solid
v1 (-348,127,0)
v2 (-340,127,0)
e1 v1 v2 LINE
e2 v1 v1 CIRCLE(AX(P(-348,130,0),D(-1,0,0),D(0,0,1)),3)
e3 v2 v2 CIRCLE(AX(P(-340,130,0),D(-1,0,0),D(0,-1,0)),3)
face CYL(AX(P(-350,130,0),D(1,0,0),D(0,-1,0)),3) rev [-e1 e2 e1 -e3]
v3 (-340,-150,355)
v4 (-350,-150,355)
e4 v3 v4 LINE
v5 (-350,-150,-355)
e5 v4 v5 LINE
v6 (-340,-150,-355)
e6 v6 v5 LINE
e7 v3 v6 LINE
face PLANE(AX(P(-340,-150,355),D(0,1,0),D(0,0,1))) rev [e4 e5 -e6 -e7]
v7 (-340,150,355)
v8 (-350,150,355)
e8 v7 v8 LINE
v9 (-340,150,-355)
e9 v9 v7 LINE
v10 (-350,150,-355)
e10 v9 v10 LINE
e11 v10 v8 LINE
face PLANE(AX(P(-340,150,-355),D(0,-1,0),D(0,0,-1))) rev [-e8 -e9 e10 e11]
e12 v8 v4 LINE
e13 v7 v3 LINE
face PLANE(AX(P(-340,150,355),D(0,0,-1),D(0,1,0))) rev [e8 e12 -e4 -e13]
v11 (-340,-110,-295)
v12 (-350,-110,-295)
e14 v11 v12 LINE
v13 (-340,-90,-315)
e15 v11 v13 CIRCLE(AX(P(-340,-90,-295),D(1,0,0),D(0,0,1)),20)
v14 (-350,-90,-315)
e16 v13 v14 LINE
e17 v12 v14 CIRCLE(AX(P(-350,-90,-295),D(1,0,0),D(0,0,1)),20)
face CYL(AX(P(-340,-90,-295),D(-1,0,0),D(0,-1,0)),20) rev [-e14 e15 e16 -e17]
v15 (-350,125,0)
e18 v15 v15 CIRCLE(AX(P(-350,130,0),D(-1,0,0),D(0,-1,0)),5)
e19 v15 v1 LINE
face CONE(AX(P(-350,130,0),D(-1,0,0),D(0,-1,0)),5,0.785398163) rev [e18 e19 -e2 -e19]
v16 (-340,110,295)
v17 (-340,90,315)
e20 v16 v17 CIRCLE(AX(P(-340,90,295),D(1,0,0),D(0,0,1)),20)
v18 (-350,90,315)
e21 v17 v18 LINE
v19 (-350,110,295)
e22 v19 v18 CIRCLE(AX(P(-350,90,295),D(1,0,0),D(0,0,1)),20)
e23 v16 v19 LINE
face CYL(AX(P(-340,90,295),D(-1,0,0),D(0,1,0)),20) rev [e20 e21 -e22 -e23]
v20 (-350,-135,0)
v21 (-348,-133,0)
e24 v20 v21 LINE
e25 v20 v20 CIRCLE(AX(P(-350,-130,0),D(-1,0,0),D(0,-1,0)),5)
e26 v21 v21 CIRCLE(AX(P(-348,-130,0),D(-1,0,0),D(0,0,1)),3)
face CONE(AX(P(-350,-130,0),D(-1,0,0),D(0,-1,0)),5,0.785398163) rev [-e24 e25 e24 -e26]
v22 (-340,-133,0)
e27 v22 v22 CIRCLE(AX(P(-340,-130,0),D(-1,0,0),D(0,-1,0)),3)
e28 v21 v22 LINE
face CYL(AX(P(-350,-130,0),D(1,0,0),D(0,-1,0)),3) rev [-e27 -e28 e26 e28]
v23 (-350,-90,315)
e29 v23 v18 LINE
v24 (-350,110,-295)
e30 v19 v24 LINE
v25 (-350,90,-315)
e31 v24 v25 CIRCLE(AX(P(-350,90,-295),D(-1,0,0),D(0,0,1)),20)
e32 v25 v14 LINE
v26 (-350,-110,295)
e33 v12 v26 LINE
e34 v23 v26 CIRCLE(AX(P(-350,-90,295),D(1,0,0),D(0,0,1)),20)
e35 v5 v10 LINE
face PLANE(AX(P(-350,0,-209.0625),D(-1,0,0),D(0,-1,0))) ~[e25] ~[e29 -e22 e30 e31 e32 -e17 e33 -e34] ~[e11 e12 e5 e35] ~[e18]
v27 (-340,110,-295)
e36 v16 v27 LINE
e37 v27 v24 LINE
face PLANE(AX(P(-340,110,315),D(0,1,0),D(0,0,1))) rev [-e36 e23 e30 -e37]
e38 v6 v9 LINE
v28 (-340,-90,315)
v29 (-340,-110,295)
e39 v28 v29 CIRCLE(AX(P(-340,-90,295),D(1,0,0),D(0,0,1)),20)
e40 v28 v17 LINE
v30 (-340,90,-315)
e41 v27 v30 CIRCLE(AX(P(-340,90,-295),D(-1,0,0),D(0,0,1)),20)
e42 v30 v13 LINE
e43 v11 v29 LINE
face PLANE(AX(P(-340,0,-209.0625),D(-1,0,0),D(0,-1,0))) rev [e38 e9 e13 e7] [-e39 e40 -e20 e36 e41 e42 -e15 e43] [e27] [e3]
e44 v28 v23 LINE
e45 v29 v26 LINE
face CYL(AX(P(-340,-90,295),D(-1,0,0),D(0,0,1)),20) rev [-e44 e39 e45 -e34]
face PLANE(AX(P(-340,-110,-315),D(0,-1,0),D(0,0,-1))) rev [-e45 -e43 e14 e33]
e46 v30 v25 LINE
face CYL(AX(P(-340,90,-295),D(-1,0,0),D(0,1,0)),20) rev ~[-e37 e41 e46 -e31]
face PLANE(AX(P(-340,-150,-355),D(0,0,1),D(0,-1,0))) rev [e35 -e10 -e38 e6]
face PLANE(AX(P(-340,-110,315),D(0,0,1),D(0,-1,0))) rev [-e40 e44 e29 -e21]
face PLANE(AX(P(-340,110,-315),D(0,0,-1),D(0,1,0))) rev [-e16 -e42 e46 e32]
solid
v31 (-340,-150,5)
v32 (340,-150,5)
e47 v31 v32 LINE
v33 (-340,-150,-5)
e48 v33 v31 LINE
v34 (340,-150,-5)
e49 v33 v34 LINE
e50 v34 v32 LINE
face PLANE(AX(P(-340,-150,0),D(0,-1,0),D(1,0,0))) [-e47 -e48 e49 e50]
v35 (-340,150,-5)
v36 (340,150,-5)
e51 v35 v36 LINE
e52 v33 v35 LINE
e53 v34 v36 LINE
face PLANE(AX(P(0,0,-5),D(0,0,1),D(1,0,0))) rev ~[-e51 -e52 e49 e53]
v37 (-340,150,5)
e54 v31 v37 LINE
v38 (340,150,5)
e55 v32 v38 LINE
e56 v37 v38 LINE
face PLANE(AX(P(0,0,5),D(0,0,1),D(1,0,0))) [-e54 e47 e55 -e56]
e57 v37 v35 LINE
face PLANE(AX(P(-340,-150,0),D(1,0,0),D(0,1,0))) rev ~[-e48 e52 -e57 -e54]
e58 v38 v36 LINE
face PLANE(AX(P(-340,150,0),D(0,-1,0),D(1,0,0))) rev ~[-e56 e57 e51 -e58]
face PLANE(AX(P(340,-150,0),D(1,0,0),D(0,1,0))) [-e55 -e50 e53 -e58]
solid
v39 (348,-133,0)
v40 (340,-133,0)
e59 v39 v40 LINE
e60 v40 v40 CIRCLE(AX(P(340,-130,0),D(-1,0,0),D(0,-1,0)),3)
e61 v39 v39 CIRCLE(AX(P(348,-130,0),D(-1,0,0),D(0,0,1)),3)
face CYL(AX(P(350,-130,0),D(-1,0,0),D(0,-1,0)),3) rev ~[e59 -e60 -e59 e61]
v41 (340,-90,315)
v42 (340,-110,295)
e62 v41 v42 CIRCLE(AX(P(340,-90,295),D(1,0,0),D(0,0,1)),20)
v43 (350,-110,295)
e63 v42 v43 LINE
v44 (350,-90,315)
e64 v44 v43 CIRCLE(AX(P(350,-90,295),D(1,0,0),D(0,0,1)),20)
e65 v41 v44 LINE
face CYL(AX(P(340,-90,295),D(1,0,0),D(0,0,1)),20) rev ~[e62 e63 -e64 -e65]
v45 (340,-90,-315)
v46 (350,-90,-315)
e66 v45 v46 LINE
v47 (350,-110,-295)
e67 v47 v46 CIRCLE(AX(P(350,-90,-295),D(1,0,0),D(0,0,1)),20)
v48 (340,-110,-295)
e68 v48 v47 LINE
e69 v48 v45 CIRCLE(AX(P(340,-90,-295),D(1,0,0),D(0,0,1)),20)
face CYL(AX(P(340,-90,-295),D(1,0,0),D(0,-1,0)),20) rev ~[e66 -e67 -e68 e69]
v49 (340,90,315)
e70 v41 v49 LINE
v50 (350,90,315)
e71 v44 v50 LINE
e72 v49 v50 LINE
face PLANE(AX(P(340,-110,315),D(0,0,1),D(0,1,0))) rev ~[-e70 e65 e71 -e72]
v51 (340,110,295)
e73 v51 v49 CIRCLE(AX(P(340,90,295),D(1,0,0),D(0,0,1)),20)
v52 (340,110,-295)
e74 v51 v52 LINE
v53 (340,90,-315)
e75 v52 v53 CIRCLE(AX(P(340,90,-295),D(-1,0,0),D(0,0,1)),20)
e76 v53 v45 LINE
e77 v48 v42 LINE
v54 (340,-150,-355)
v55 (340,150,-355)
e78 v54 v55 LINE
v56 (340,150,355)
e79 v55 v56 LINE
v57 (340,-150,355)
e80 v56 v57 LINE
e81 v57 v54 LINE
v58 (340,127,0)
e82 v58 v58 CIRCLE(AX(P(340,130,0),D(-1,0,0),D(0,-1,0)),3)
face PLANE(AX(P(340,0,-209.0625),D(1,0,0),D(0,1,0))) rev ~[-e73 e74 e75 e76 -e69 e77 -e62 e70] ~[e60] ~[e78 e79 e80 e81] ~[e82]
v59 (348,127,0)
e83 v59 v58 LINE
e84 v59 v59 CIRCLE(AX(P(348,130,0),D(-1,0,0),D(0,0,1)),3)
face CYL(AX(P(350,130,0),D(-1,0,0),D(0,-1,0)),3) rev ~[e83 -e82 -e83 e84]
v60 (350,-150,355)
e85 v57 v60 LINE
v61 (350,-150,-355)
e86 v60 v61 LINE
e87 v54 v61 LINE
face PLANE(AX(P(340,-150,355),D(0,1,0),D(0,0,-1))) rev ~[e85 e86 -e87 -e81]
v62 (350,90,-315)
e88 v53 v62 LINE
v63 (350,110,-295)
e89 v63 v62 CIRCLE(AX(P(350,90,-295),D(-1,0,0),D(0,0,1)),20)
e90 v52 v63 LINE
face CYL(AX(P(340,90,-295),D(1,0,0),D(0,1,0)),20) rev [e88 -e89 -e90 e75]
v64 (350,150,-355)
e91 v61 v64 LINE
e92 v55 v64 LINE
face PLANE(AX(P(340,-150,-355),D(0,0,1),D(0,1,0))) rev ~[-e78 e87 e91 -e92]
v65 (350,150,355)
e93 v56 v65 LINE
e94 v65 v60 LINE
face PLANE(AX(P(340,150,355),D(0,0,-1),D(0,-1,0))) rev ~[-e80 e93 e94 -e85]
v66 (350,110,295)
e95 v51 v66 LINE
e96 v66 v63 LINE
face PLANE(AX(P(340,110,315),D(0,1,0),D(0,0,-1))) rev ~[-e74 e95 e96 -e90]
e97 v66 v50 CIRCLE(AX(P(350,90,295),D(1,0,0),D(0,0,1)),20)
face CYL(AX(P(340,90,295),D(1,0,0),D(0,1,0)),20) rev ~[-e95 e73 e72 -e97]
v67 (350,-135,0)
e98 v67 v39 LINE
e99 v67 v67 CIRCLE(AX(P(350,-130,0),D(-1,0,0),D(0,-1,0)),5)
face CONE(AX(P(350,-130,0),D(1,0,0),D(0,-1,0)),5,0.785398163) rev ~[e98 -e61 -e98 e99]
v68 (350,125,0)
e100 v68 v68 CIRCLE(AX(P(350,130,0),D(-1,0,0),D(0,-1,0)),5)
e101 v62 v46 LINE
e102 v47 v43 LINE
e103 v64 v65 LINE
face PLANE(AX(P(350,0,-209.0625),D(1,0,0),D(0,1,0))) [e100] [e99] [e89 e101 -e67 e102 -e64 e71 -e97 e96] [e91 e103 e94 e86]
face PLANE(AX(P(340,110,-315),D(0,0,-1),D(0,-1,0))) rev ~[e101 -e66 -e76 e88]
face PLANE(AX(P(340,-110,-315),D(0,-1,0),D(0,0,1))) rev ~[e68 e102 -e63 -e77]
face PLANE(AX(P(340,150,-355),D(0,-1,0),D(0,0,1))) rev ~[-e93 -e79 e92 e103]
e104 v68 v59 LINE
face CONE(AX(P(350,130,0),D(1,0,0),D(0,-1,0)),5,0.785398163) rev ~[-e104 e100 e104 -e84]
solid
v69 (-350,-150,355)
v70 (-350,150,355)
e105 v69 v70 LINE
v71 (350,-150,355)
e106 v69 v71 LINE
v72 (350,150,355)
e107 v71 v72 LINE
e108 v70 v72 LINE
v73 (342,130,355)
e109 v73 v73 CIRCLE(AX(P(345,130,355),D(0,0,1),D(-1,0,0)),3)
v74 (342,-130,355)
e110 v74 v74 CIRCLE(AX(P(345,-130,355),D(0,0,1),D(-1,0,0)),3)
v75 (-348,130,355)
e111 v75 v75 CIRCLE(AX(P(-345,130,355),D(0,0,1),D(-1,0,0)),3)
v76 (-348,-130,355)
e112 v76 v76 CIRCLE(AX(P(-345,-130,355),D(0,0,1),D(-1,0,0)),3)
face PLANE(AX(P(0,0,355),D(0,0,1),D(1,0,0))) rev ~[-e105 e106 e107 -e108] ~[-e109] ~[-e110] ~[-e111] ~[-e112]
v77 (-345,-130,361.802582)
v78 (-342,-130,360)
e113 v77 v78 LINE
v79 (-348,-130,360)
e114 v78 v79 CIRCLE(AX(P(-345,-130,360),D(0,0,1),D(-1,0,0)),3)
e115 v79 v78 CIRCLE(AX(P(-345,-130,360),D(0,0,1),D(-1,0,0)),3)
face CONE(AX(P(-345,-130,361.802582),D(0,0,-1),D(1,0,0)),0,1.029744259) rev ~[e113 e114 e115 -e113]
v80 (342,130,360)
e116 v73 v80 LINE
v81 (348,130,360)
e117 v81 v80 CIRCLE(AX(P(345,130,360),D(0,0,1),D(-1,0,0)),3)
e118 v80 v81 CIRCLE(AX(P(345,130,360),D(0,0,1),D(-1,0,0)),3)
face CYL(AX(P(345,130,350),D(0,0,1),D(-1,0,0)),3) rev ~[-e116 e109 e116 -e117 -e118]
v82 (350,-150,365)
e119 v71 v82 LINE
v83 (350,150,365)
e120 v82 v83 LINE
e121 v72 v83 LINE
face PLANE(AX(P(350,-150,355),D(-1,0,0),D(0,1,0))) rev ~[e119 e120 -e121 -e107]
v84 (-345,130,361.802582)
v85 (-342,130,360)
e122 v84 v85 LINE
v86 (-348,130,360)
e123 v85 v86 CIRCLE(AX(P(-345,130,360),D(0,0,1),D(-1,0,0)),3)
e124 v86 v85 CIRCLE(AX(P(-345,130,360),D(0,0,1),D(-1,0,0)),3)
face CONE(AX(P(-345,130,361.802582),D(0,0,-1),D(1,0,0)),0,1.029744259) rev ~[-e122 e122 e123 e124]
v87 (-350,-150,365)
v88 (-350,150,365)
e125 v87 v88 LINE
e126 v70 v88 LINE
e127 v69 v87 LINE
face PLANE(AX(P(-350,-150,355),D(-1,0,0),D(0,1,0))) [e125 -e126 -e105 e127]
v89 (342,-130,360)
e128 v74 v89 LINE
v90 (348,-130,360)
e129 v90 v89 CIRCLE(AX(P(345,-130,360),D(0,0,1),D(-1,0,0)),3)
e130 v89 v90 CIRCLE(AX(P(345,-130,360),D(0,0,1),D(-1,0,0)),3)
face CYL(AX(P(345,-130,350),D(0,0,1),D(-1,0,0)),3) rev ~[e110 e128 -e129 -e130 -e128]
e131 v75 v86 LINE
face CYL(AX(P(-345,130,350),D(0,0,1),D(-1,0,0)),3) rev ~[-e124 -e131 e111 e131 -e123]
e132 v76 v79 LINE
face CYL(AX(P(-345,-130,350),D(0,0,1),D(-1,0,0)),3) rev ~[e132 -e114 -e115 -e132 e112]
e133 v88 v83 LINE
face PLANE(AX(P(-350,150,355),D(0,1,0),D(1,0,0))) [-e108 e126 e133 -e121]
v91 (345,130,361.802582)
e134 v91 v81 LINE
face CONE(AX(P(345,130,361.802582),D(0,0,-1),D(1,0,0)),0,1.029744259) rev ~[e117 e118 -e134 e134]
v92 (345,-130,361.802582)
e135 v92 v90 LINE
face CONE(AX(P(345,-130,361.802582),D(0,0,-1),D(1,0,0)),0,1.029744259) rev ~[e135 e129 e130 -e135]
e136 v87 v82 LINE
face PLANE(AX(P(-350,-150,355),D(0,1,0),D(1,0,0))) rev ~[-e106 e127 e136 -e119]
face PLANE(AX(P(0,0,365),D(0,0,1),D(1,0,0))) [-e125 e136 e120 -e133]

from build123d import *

# Parameters (mm, degrees)
F4_DEPTH       = 10
F6_D           = 6
F6_CSINK_D     = 10
F6_CSINK_ANGLE = 90
F9_W           = 700
F9_H           = 300
F10_DEPTH      = 10
F11_D          = 6
F11_DEPTH      = 5
F11_TIP        = 1.8025818571
F12_W          = 680
F12_H          = 300
F13_DEPTH      = 5
F13_DEPTH_BACK = 5
F14_R          = 20


with BuildPart() as f4:
    # F3 (on offset) → F4 (new body)
    with BuildSketch(Plane.YZ.offset(340)):
        Polygon((-150, -355), (150, -355), (150, -5), (110, -5), (110, -315), (-110, -315), (-110, -5), (-150, -5), align=None)
        Polygon((110, -5), (150, -5), (150, 355), (-150, 355), (-150, -5), (-110, -5), (-110, 315), (110, 315), align=None)
    extrude(amount=F4_DEPTH)

    # F6 (through all)
    with Locations(Plane.YZ.offset(350)):
        with Locations((-130, 0), (130, 0)):
            CounterSinkHole(F6_D / 2, F6_CSINK_D / 2, counter_sink_angle=F6_CSINK_ANGLE)

    # F14
    f14_edges = [f4.edges().sort_by_distance(p)[0] for p in [
        (345, -110, 315),
        (345, 110, 315),
        (345, 110, -315),
        (345, -110, -315),
    ]]
    fillet(f14_edges, radius=F14_R)


with BuildPart() as f10:
    # F9 (on plane+point) → F10 (new body)
    with BuildSketch(Plane.XY.offset(355)):
        Rectangle(F9_W, F9_H)
    extrude(amount=F10_DEPTH)

    # F11
    with Locations(Plane(origin=(0, 0, 355), x_dir=(1, 0, 0), z_dir=(0, 0, -1))):
        with Locations((-345, 130), (-345, -130), (345, 130), (345, -130)):
            Hole(F11_D / 2, depth=F11_DEPTH)
            with Locations((0, 0, -(F11_DEPTH + F11_TIP / 2))):  # 118° drill point
                Cone(0, F11_D / 2, F11_TIP, mode=Mode.SUBTRACT)


with BuildPart() as f13:
    # F12 (on Top) → F13 (new body, two sides)
    with BuildSketch(Plane.XY) as f13_sk:
        Rectangle(F12_W, F12_H)
    extrude(amount=F13_DEPTH)
    extrude(f13_sk.sketch, amount=-F13_DEPTH_BACK)


with BuildPart() as f15_1:
    # F15: instance of F4
    add(f4.part.mirror(Plane.YZ))


solid = Compound([f4.part, f10.part, f13.part, f15_1.part])
